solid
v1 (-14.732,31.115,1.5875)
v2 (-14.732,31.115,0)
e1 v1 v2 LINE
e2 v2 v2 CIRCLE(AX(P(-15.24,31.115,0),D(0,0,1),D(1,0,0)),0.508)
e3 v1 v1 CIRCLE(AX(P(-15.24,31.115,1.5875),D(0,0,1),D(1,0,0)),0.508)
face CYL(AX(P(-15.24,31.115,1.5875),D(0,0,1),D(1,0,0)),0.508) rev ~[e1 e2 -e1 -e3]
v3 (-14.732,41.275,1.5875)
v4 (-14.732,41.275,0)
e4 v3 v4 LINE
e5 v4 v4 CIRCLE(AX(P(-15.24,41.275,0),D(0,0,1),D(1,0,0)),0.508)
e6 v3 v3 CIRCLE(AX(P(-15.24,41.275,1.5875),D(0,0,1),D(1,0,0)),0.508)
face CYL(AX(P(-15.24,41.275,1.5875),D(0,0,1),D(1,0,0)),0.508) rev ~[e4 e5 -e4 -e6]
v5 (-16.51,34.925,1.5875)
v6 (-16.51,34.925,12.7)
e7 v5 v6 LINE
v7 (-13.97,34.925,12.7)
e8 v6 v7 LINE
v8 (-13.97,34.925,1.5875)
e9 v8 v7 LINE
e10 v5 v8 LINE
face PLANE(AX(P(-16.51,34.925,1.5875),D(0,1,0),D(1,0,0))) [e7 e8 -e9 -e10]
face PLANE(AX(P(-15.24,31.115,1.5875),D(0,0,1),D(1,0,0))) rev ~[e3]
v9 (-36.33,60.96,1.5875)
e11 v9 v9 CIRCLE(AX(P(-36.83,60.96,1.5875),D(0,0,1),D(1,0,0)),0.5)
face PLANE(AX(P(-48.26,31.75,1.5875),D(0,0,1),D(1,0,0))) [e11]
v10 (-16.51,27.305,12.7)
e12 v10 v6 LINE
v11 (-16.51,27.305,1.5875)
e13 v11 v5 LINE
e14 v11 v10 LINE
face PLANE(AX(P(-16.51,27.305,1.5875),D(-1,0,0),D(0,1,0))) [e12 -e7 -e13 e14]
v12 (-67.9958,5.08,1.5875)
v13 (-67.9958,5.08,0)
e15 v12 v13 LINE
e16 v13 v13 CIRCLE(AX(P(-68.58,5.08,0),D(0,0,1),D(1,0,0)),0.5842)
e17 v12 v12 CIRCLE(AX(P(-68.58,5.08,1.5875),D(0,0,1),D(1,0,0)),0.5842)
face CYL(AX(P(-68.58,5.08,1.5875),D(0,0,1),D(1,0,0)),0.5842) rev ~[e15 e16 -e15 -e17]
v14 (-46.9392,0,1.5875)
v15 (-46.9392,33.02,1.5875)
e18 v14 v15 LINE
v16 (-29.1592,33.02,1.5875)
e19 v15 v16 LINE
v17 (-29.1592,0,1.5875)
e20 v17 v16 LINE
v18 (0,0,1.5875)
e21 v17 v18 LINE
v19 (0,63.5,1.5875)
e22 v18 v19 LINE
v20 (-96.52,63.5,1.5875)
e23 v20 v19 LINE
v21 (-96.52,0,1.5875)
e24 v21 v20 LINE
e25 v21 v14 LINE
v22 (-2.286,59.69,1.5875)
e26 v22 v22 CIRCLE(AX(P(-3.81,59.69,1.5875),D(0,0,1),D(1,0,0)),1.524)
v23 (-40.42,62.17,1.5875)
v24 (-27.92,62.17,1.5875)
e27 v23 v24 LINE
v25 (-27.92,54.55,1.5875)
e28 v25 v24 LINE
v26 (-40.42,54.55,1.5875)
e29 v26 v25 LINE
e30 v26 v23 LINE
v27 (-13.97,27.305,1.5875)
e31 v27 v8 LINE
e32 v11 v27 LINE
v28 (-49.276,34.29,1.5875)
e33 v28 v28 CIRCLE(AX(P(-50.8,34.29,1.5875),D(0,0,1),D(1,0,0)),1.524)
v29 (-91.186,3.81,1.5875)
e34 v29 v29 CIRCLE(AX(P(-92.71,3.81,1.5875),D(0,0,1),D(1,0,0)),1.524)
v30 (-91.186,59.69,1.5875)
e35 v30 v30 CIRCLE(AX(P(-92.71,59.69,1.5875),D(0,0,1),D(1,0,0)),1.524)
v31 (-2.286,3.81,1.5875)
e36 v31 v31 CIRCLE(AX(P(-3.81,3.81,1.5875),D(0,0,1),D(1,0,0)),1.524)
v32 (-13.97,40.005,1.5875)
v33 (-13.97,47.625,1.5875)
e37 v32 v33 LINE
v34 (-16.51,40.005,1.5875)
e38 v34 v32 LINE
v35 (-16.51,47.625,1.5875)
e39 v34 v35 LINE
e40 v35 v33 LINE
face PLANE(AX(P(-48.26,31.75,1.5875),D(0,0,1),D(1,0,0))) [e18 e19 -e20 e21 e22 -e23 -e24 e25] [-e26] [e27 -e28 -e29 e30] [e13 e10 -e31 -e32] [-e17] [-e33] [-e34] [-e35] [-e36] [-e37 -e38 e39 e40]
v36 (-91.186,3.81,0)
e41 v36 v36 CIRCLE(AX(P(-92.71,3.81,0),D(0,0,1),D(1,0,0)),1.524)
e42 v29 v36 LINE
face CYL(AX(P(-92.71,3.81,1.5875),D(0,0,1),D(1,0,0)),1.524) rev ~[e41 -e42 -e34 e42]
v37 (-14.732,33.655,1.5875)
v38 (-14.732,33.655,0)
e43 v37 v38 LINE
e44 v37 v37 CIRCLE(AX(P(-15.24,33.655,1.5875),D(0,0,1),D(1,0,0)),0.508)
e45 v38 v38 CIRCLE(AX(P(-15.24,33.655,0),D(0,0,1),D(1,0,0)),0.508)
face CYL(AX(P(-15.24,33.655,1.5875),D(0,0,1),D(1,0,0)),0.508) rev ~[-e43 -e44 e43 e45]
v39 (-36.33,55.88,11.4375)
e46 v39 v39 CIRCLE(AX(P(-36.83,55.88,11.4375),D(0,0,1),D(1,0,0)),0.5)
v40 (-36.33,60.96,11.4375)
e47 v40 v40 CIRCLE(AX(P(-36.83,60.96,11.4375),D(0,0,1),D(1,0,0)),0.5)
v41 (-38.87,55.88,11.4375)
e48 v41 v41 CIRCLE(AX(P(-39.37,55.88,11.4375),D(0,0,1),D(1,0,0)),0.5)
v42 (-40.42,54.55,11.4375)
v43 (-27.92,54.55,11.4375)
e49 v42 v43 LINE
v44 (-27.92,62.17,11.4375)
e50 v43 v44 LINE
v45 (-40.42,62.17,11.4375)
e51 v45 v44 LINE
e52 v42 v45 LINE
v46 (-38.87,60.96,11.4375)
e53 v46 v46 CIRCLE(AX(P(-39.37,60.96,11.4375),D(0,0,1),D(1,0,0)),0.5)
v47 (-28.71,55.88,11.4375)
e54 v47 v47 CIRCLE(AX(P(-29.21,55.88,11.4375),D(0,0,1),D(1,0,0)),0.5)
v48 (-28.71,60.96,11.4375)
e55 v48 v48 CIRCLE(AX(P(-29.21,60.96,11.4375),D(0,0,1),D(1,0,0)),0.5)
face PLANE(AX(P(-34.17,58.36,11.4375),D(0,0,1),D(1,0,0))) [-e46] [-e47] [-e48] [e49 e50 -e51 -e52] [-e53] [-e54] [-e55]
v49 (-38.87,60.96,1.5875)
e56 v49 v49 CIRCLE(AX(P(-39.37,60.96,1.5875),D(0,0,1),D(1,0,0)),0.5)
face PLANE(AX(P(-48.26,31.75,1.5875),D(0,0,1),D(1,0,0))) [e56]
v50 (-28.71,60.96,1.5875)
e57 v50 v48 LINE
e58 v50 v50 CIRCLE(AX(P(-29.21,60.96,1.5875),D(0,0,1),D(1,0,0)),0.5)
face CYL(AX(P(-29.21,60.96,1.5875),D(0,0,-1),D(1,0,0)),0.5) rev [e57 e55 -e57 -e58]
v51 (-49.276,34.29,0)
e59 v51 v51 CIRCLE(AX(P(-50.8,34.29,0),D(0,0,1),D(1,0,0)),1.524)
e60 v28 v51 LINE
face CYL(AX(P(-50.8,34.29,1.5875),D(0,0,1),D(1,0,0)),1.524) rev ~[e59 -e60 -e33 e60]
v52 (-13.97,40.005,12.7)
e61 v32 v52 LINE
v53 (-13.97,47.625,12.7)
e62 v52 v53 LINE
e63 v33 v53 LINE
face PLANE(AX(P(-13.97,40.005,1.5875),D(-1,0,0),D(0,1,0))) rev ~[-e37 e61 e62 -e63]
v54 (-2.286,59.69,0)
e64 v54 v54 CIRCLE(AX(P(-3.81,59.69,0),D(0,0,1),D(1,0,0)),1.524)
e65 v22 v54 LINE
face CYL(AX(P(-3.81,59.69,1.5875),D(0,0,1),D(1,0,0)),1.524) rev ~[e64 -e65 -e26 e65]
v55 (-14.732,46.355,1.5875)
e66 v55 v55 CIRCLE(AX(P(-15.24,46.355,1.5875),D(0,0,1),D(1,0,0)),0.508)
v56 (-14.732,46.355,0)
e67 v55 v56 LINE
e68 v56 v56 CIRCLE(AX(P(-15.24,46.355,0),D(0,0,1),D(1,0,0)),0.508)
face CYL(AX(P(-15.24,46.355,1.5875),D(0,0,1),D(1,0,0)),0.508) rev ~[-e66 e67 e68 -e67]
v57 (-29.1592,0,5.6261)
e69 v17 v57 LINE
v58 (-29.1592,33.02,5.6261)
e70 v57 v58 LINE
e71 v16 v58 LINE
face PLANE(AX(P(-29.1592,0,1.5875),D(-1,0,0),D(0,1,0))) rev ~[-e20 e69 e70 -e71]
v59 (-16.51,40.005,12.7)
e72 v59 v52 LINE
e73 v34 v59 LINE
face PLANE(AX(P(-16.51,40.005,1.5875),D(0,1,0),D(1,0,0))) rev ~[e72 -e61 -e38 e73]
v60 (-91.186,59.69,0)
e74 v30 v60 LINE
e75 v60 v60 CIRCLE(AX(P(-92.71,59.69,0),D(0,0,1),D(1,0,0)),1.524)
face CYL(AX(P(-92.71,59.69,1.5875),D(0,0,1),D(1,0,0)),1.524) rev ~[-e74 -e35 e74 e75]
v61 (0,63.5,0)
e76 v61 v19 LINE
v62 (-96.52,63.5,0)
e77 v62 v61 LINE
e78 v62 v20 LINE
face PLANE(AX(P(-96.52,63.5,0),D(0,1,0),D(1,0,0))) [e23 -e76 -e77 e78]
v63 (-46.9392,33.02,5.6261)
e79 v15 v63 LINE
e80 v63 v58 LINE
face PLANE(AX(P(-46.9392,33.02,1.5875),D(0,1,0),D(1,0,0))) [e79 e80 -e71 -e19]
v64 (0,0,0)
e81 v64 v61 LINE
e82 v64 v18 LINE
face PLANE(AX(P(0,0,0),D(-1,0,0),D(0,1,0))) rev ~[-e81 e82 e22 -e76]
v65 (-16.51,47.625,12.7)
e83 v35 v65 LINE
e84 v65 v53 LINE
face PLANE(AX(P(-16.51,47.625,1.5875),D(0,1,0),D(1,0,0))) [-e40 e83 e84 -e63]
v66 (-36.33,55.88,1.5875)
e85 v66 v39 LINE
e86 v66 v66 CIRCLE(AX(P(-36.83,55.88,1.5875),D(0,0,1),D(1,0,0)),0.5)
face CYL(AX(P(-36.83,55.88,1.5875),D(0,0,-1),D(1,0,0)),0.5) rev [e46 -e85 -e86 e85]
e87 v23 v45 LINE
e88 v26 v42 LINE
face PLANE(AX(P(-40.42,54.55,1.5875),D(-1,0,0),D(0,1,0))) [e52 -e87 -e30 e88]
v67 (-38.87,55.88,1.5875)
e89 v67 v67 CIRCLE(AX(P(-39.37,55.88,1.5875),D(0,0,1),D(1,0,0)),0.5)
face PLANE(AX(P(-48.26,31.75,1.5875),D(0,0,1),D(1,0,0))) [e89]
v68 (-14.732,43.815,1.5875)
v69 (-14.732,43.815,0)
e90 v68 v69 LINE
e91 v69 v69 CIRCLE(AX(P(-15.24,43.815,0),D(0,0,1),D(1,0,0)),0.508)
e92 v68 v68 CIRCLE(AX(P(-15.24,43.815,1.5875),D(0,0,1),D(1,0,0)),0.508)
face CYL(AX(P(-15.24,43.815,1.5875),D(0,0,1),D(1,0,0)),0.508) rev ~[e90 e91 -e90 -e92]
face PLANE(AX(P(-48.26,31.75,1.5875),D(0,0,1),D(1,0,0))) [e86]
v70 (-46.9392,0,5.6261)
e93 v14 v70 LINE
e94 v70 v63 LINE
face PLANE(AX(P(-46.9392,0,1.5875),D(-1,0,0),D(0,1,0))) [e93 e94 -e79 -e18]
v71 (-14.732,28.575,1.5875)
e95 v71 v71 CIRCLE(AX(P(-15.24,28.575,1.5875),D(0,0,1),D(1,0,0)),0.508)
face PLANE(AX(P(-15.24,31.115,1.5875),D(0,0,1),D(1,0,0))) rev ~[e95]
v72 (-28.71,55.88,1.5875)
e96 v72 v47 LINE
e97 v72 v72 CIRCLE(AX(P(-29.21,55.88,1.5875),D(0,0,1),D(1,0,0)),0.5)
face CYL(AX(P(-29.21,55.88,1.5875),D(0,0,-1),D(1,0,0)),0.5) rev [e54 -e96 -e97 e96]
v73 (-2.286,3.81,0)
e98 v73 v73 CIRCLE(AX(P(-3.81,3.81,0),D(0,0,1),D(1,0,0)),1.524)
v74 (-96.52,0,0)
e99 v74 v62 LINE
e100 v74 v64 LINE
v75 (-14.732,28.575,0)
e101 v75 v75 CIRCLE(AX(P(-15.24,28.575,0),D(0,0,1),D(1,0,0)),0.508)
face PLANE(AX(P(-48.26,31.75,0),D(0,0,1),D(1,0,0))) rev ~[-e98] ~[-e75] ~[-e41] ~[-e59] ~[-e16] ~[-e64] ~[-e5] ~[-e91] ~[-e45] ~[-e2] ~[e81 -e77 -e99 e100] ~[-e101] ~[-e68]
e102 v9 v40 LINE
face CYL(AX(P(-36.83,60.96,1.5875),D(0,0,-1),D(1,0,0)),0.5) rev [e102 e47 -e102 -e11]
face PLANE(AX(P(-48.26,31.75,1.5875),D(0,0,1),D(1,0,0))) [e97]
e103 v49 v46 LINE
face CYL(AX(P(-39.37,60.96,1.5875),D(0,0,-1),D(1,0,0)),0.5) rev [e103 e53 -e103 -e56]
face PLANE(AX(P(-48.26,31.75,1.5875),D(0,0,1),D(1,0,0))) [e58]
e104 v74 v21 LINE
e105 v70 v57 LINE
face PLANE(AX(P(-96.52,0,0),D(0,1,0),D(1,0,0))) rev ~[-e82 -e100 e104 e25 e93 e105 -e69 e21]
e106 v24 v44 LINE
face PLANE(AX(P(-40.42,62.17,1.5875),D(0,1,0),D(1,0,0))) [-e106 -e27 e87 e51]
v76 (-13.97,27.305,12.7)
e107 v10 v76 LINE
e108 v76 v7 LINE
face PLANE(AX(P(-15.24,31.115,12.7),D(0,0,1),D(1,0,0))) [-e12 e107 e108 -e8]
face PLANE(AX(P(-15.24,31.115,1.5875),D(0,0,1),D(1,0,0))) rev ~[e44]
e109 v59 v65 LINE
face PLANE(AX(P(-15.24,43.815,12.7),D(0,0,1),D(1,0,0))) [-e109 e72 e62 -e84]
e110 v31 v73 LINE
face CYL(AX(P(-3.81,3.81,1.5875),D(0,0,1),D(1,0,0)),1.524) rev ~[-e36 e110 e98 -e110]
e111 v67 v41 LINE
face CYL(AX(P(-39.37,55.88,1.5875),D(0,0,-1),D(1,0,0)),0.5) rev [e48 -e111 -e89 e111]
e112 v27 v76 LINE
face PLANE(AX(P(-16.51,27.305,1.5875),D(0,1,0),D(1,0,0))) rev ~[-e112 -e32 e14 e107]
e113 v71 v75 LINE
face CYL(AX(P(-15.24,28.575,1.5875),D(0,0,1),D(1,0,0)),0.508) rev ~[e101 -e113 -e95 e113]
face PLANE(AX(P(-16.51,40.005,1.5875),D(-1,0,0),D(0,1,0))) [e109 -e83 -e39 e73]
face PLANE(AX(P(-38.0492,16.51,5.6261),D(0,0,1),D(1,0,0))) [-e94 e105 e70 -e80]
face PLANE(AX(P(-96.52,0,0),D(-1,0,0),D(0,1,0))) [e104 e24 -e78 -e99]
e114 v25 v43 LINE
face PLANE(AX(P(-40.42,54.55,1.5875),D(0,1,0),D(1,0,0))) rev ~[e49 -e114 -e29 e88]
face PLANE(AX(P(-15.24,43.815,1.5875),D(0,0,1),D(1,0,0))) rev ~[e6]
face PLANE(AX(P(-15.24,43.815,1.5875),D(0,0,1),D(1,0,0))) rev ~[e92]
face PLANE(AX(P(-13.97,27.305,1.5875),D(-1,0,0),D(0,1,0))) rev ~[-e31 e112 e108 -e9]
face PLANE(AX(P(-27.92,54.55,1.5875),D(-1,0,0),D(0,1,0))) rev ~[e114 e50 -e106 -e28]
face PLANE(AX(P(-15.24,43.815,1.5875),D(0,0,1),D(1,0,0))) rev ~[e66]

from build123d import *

# Parameters (mm, degrees)
SKETCH1_W            = 96.52
SKETCH1_H            = 63.5
BOSS_EXTRUDE1_DEPTH  = 1.5875
SKETCH2_R            = 0.5842
SKETCH2_R_2          = 1.524
SKETCH2_R_3          = 0.508
HOLES_DEPTH          = 116.54601056
SKETCH3_W            = 17.78
SKETCH3_H            = 33.02
PRO_MICRO_DEPTH      = 4.0386
SKETCH4_R            = 1.524
MOUNTING_HOLES_DEPTH = 116.605668935
SKETCH5_W            = 12.5
SKETCH5_H            = 7.62
SKETCH5_R            = 0.5
DC_RELAY_DEPTH       = 9.85
SKETCH6_W            = 2.54
SKETCH6_H            = 7.62
BOSS_EXTRUDE2_DEPTH  = 11.1125


with BuildPart() as part:
    # Sketch1 → Boss-Extrude1 (new body)
    with BuildSketch(Plane.XY):
        with Locations((-48.26, 31.75)):
            Rectangle(SKETCH1_W, SKETCH1_H)
    extrude(amount=BOSS_EXTRUDE1_DEPTH)

    # Sketch2 → Holes (cut, through all)
    with BuildSketch(Plane.XY.offset(1.5875)):
        with Locations((-68.58, 5.08)):
            Circle(SKETCH2_R)
        with Locations((-50.8, 34.29)):
            Circle(SKETCH2_R_2)
        with Locations((-15.24, 46.355)):
            Circle(SKETCH2_R_3)
        with Locations((-15.24, 43.815)):
            Circle(SKETCH2_R_3)
        with Locations((-15.24, 41.275)):
            Circle(SKETCH2_R_3)
        with Locations((-15.24, 33.655)):
            Circle(SKETCH2_R_3)
        with Locations((-15.24, 31.115)):
            Circle(SKETCH2_R_3)
        with Locations((-15.24, 28.575)):
            Circle(SKETCH2_R_3)
    extrude(amount=-HOLES_DEPTH, mode=Mode.SUBTRACT)

    # Sketch3 → pro micro (add)
    with BuildSketch(Plane.XY.offset(1.5875)):
        with Locations((-38.0492, 16.51)):
            Rectangle(SKETCH3_W, SKETCH3_H)
    extrude(amount=PRO_MICRO_DEPTH)

    # Sketch4 → mounting holes (cut, through all)
    with BuildSketch(Plane.XY.offset(1.5875)):
        with Locations((-92.71, 3.81)):
            Circle(SKETCH4_R)
        with Locations((-92.71, 59.69)):
            Circle(SKETCH4_R)
        with Locations((-3.81, 59.69)):
            Circle(SKETCH4_R)
        with Locations((-3.81, 3.81)):
            Circle(SKETCH4_R)
    extrude(amount=-MOUNTING_HOLES_DEPTH, mode=Mode.SUBTRACT)

    # Sketch5 → DC relay (add)
    with BuildSketch(Plane.XY.offset(1.5875)):
        with Locations((-34.17, 58.36)):
            Rectangle(SKETCH5_W, SKETCH5_H)
        with Locations((-39.37, 60.96)):
            Circle(SKETCH5_R, mode=Mode.SUBTRACT)
        with Locations((-39.37, 55.88)):
            Circle(SKETCH5_R, mode=Mode.SUBTRACT)
        with Locations((-36.83, 60.96)):
            Circle(SKETCH5_R, mode=Mode.SUBTRACT)
        with Locations((-29.21, 60.96)):
            Circle(SKETCH5_R, mode=Mode.SUBTRACT)
        with Locations((-36.83, 55.88)):
            Circle(SKETCH5_R, mode=Mode.SUBTRACT)
        with Locations((-29.21, 55.88)):
            Circle(SKETCH5_R, mode=Mode.SUBTRACT)
    extrude(amount=DC_RELAY_DEPTH)

    # Sketch6 → Boss-Extrude2 (add)
    with BuildSketch(Plane.XY.offset(1.5875)):
        with Locations((-15.24, 43.815)):
            Rectangle(SKETCH6_W, SKETCH6_H)
        with Locations((-15.24, 31.115)):
            Rectangle(SKETCH6_W, SKETCH6_H)
    extrude(amount=BOSS_EXTRUDE2_DEPTH)


solid = part.part
